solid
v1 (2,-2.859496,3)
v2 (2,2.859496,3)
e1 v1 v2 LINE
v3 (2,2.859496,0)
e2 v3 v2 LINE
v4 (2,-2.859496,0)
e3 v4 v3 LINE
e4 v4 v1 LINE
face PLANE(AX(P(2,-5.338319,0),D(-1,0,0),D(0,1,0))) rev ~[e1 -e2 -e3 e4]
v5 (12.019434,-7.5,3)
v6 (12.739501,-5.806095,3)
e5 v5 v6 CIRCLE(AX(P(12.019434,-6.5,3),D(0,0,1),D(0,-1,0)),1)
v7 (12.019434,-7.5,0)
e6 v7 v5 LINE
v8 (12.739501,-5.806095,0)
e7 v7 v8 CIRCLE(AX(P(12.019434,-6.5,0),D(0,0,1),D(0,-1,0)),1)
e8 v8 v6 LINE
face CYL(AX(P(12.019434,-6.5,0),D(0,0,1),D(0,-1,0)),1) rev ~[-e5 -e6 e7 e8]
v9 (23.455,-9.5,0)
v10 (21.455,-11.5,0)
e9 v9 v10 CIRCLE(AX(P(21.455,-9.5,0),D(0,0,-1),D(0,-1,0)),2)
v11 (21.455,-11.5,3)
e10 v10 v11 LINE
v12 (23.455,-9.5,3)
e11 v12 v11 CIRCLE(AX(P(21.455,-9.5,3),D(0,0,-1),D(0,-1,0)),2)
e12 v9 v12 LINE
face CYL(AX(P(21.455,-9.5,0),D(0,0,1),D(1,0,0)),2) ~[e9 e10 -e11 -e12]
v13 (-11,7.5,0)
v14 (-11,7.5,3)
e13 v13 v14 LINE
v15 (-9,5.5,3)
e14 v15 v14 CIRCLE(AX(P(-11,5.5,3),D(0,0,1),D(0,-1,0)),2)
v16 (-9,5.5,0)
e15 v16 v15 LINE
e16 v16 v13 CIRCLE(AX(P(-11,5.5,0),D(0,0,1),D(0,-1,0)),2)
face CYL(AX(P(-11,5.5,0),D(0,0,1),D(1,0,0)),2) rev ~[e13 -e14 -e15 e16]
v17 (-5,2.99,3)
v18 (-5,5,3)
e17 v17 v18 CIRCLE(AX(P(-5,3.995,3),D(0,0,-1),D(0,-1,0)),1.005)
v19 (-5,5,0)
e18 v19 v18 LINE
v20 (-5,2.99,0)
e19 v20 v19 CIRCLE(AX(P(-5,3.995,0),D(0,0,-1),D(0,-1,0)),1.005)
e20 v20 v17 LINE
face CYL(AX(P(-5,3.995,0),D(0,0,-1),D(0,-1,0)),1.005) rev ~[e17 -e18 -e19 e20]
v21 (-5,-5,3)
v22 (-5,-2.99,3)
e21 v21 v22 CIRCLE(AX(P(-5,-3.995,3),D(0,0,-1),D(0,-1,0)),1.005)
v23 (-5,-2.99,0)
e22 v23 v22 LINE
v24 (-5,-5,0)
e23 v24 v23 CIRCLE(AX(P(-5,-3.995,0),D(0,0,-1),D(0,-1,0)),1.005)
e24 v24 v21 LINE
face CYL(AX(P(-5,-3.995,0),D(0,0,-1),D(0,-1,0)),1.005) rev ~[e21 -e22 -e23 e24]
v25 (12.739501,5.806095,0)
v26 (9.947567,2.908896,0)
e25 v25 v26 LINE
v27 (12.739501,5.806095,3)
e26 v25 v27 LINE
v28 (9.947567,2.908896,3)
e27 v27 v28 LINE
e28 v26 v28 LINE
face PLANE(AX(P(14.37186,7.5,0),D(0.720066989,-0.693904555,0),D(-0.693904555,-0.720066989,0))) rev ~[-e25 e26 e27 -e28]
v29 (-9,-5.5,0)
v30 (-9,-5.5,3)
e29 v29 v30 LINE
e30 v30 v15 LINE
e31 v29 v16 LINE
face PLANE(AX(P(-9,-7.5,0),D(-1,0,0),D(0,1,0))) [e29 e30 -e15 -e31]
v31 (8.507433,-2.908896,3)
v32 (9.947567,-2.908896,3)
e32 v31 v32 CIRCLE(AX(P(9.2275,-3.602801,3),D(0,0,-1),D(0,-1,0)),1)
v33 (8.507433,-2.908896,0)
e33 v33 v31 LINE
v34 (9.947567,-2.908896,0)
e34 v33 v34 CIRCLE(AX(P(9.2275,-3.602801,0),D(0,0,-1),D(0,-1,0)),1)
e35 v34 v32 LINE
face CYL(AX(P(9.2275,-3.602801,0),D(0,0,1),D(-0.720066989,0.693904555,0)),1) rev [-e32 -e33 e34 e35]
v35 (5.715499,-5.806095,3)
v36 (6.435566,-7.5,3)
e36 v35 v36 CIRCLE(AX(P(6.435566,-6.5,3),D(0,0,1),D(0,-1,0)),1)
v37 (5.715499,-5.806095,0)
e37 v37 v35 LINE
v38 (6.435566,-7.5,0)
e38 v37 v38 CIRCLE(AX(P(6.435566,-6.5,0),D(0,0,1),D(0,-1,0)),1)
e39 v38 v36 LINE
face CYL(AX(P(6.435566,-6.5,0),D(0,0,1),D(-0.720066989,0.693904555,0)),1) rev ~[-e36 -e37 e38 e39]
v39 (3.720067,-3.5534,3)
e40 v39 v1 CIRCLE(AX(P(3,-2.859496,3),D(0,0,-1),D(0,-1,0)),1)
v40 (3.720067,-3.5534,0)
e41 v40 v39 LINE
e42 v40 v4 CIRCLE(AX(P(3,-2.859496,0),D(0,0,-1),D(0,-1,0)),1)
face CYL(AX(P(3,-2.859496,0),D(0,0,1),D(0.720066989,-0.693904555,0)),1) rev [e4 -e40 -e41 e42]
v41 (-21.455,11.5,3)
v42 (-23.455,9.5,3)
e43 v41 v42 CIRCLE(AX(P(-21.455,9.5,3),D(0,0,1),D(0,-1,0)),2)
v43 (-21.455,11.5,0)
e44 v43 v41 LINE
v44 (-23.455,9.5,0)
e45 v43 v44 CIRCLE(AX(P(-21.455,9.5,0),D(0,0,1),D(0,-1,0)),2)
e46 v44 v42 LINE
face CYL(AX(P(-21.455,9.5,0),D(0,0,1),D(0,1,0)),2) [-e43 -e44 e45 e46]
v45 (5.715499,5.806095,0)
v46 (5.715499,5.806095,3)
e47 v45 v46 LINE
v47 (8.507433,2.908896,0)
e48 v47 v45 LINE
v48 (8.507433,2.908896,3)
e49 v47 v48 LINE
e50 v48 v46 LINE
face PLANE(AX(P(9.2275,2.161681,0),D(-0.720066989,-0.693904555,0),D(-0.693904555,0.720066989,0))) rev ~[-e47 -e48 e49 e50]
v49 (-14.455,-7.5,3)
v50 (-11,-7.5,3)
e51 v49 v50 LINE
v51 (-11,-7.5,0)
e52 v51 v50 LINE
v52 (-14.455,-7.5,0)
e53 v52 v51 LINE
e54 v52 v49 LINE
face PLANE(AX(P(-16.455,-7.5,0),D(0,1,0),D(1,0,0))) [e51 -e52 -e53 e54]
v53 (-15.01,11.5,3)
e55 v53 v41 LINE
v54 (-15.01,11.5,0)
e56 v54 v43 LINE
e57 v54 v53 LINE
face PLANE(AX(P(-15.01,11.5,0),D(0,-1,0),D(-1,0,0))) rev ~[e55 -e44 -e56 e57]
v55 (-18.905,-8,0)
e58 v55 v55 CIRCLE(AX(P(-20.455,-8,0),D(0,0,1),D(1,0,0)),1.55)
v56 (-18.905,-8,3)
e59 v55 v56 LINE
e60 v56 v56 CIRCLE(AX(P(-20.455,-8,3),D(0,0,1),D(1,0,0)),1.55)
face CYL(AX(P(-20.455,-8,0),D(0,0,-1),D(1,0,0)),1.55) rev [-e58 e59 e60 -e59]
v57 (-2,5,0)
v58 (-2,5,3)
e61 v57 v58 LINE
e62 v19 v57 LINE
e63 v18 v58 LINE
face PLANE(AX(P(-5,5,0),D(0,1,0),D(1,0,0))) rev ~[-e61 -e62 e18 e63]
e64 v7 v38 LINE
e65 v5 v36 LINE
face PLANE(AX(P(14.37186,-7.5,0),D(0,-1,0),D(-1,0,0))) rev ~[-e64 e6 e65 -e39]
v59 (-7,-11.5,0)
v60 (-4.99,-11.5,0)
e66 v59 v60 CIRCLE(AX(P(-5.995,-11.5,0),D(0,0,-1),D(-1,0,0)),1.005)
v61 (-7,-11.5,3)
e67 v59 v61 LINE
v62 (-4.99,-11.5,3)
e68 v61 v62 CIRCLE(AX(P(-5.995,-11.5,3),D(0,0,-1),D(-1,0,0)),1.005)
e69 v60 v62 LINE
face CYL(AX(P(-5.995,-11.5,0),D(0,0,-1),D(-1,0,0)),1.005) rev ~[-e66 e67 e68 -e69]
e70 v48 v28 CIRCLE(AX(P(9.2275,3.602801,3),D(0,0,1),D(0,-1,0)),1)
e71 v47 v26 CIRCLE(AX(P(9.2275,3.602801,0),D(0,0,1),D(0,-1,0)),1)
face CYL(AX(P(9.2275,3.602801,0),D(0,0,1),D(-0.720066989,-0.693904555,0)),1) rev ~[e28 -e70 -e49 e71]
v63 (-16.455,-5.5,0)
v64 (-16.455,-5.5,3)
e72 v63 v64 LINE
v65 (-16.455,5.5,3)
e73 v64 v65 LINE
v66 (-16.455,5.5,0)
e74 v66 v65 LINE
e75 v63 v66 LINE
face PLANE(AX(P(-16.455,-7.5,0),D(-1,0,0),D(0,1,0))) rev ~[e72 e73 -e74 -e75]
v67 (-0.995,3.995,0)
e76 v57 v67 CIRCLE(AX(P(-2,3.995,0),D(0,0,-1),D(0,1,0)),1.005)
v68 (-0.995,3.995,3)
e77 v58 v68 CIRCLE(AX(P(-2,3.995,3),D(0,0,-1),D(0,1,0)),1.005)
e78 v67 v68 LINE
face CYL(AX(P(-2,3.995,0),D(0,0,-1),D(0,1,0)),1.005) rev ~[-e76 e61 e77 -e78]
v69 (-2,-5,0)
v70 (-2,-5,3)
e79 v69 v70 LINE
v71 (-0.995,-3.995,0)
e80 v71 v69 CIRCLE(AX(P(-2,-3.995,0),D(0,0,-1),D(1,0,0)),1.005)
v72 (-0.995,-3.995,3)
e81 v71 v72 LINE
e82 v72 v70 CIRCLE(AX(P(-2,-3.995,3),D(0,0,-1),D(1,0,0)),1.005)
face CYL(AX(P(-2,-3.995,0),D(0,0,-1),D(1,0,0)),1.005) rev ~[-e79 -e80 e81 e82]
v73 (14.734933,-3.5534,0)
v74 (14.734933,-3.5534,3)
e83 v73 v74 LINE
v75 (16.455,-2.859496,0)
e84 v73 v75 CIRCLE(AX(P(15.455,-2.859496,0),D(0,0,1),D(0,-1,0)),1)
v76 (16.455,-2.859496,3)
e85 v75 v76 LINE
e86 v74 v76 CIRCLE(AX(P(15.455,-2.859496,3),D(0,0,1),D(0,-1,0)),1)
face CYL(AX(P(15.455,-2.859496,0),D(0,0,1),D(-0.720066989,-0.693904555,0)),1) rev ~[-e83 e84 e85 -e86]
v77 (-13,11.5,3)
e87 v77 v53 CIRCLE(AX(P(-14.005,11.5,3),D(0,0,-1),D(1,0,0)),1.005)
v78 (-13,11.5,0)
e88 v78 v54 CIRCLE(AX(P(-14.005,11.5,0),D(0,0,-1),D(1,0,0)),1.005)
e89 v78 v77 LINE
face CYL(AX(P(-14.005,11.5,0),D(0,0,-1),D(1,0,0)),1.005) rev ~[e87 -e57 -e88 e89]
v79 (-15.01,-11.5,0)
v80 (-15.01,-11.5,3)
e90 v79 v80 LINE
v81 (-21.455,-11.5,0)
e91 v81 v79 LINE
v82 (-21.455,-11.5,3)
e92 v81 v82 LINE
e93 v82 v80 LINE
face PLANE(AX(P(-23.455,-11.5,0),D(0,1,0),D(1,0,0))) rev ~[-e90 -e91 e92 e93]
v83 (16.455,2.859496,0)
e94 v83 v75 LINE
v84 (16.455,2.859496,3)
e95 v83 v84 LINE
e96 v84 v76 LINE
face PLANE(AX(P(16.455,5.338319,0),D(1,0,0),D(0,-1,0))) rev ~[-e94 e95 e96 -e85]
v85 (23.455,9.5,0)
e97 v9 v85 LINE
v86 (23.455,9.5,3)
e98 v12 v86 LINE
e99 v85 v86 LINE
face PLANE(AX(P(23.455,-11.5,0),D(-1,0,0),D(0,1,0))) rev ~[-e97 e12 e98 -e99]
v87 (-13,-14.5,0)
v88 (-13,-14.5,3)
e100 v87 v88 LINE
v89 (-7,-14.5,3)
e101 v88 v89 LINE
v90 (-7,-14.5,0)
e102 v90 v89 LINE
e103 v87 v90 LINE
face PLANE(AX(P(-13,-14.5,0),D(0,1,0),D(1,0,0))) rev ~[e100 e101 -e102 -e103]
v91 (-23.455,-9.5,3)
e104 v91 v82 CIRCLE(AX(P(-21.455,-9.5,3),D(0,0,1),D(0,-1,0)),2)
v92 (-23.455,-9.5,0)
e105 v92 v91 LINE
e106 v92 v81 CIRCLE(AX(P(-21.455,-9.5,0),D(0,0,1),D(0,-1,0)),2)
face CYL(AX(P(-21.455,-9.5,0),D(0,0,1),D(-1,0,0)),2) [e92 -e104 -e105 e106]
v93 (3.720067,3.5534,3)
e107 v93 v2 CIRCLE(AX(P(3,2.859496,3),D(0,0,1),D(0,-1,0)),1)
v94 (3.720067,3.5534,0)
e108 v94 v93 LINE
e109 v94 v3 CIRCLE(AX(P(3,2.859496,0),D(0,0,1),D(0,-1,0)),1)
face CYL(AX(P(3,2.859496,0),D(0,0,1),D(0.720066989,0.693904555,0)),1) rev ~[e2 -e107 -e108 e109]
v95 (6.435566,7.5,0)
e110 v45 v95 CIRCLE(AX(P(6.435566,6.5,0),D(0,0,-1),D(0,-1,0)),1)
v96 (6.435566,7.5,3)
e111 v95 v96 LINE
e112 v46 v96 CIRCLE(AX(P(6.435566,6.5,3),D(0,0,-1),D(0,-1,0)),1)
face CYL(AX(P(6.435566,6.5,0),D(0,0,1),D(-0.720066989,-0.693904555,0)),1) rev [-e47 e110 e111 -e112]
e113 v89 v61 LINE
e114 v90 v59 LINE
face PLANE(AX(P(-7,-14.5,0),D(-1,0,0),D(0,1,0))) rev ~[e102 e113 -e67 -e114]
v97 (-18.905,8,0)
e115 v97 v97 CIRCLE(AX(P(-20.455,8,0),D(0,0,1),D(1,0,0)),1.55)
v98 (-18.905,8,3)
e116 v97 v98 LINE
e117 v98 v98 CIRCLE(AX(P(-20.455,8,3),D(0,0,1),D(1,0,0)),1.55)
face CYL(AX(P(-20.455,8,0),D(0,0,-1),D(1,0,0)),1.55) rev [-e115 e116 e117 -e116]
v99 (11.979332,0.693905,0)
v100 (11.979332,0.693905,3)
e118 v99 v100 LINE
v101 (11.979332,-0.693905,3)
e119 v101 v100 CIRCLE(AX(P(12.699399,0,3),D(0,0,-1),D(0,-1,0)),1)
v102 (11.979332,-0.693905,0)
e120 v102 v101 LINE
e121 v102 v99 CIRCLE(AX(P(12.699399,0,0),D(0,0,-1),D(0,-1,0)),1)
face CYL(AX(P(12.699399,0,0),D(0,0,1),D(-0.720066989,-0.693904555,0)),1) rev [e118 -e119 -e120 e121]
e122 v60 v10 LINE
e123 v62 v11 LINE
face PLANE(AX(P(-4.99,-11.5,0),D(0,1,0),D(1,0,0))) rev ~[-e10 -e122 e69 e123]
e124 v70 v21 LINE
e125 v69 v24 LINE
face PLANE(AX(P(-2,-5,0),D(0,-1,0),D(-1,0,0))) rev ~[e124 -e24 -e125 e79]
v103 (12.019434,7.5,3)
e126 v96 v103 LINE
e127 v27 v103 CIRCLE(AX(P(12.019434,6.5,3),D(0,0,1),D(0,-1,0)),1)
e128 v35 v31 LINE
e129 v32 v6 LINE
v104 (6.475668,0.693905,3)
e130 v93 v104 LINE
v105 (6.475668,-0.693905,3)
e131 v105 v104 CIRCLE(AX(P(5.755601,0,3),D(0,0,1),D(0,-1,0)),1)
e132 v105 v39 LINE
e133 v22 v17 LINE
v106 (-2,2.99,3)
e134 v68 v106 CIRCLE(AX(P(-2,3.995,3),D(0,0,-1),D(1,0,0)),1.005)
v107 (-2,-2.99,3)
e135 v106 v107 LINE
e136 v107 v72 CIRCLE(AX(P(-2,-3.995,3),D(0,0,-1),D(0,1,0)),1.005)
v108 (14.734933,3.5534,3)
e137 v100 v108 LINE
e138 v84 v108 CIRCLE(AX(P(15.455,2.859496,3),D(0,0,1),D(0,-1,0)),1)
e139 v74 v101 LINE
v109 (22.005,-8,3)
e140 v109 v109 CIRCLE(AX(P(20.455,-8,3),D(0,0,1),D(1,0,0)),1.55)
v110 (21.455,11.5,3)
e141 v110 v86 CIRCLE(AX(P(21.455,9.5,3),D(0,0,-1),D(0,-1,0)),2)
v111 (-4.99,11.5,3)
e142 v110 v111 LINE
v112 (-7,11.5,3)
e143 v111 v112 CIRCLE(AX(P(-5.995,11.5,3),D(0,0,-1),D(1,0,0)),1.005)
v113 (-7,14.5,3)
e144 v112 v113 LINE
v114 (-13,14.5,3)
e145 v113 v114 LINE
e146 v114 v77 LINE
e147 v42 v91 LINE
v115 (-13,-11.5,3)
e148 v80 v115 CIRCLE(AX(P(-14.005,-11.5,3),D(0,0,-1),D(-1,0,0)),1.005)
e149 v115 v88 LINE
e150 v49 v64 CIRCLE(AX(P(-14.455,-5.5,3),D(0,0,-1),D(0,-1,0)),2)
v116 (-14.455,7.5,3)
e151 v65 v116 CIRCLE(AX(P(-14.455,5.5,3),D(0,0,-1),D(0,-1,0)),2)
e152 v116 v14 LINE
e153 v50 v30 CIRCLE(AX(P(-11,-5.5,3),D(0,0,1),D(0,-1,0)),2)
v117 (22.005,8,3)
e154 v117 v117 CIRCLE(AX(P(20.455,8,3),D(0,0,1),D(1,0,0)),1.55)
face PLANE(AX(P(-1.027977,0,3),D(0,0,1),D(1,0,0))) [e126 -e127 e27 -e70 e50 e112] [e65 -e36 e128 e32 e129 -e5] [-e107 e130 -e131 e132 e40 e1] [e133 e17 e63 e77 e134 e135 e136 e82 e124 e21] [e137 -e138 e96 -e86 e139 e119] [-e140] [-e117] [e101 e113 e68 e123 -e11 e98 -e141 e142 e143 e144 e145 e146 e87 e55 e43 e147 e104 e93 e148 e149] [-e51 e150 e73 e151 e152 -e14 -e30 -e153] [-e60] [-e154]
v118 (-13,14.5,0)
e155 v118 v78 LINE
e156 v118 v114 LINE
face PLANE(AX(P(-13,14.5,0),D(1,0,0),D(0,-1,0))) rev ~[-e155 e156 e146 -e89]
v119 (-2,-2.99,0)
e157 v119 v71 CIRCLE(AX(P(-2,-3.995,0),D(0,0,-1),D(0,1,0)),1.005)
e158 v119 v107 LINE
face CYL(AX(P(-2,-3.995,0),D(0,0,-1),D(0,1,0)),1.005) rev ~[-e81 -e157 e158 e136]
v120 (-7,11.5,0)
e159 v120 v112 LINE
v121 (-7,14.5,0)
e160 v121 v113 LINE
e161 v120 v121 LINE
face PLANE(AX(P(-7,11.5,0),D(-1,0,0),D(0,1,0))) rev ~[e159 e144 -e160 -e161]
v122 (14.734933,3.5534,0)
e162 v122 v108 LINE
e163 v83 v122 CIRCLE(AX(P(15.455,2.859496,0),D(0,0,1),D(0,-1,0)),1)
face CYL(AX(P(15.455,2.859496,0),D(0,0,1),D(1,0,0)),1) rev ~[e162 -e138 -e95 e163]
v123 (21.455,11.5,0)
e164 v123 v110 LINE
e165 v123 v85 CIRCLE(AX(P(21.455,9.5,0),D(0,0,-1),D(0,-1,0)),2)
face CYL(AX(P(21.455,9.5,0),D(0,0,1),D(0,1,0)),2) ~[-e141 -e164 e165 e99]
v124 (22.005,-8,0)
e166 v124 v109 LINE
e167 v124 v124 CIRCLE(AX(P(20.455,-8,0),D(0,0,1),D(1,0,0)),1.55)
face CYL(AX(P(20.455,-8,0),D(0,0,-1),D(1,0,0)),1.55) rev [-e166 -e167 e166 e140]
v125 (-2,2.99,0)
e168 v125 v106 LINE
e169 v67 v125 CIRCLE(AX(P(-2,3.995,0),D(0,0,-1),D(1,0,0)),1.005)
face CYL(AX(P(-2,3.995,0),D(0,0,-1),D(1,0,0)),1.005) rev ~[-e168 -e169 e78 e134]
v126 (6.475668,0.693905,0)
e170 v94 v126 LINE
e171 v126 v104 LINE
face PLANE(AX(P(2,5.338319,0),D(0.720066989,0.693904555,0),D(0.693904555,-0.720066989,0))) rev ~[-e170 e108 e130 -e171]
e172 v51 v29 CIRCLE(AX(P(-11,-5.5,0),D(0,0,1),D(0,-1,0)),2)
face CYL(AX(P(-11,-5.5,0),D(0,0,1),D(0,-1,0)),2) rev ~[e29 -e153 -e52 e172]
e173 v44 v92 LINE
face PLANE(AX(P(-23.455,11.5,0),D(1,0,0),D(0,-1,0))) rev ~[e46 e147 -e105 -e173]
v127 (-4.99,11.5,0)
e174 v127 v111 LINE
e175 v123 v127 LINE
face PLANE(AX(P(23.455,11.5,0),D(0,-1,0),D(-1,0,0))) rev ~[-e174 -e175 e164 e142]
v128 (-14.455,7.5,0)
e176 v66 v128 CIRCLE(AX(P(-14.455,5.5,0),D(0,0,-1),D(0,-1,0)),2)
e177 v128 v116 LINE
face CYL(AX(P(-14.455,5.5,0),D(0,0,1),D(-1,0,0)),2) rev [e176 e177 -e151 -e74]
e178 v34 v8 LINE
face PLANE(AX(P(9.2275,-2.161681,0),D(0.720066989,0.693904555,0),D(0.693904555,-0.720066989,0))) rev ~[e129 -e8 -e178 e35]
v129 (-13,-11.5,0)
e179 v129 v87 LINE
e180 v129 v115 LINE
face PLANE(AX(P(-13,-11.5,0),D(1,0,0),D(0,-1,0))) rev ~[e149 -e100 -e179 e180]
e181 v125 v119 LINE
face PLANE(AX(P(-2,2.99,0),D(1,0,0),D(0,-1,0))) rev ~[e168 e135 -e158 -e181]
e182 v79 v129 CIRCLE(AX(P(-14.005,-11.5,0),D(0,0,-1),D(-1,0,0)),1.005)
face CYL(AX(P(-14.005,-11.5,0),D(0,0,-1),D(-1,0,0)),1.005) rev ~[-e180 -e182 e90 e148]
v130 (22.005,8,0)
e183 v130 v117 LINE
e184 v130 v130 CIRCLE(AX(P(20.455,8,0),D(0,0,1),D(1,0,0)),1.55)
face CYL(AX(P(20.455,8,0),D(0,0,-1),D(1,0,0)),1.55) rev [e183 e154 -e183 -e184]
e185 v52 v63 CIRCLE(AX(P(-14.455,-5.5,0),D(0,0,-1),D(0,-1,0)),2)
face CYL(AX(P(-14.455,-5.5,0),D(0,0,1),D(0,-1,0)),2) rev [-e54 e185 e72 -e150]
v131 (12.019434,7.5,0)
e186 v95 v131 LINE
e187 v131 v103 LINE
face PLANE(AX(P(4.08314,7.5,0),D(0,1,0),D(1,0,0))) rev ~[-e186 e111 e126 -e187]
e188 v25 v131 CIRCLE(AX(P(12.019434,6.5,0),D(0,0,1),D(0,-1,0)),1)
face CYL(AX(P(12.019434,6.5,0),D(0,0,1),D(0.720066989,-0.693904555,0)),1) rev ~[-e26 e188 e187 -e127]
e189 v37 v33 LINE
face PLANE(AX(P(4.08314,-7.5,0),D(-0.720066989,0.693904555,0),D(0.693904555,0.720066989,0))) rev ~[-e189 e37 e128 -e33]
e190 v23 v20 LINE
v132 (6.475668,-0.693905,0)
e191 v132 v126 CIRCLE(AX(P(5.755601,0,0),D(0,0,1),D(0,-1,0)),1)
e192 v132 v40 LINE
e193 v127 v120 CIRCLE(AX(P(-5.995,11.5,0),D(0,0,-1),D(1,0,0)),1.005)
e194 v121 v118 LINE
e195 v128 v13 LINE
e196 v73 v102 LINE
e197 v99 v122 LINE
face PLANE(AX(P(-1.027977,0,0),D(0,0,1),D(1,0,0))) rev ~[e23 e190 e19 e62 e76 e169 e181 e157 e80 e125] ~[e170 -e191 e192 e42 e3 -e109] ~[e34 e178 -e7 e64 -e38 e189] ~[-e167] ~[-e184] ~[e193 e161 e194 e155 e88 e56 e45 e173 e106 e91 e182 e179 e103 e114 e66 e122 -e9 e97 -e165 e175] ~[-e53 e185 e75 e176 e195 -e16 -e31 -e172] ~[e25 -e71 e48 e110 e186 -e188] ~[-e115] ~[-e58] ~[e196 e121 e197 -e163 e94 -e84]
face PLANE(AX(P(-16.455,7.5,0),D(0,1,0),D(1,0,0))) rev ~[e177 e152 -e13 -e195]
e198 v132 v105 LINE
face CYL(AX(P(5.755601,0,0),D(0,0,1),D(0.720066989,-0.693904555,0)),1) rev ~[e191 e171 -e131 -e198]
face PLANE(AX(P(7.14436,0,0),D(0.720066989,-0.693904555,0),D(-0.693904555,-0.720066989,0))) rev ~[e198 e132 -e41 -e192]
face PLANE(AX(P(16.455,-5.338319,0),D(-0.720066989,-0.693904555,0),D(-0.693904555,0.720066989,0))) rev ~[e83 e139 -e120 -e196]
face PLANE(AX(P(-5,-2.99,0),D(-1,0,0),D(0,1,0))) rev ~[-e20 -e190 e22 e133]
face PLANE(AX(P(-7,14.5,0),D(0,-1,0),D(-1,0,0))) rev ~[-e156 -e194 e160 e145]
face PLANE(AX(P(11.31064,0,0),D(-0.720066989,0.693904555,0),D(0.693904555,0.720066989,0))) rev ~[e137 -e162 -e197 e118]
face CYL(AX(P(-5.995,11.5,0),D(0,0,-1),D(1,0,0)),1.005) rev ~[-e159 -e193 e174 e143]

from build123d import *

# Parameters (mm, degrees)
SKETCH_1_R      = 1.55
SKETCH_1_W      = 7.455
SKETCH_1_H      = 15
EXTRUDE_1_DEPTH = 3
FILLET_1_R      = 2
FILLET_2_R      = 1


with BuildPart() as part:
    # 草图1 → 凸台-拉伸1 (new body)
    with BuildSketch(Plane.XY):
        with BuildLine():
            Line((-13, 14.5), (-13, 11.5))
            ThreePointArc((-13, 11.5), (-14.005, 10.495), (-15.01, 11.5))
            Line((-15.01, 11.5), (-23.455, 11.5))
            Line((-23.455, 11.5), (-23.455, -11.5))
            Line((-23.455, -11.5), (-15.01, -11.5))
            ThreePointArc((-15.01, -11.5), (-14.005, -10.495), (-13, -11.5))
            Line((-13, -11.5), (-13, -14.5))
            Line((-13, -14.5), (-7, -14.5))
            Line((-7, -14.5), (-7, -11.5))
            ThreePointArc((-7, -11.5), (-5.995, -10.495), (-4.99, -11.5))
            Line((-4.99, -11.5), (23.455, -11.5))
            Line((23.455, -11.5), (23.455, 11.5))
            Line((23.455, 11.5), (-4.99, 11.5))
            ThreePointArc((-4.99, 11.5), (-5.995, 10.495), (-7, 11.5))
            Line((-7, 11.5), (-7, 14.5))
            Line((-7, 14.5), (-13, 14.5))
        make_face()
        with Locations((-20.455, -8)):
            Circle(SKETCH_1_R, mode=Mode.SUBTRACT)
        with Locations((20.455, -8)):
            Circle(SKETCH_1_R, mode=Mode.SUBTRACT)
        Polygon((9.2275, -2.161680579), (14.371860482, -7.5), (4.083139518, -7.5), align=None, mode=Mode.SUBTRACT)
        with Locations((-12.7275, 0)):
            Rectangle(SKETCH_1_W, SKETCH_1_H, mode=Mode.SUBTRACT)
        with BuildLine():
            ThreePointArc((-0.995, -3.995), (-1.289357685, -4.705642315), (-2, -5))
            Line((-2, -5), (-5, -5))
            ThreePointArc((-5, -5), (-6.005, -3.995), (-5, -2.99))
            Line((-5, -2.99), (-5, 2.99))
            ThreePointArc((-5, 2.99), (-6.005, 3.995), (-5, 5))
            Line((-5, 5), (-2, 5))
            ThreePointArc((-2, 5), (-1.289357685, 4.705642315), (-0.995, 3.995))
            ThreePointArc((-0.995, 3.995), (-1.289357685, 3.284357685), (-2, 2.99))
            Line((-2, 2.99), (-2, -2.99))
            ThreePointArc((-2, -2.99), (-1.289357685, -3.284357685), (-0.995, -3.995))
        make_face(mode=Mode.SUBTRACT)
        with Locations((-20.455, 8)):
            Circle(SKETCH_1_R, mode=Mode.SUBTRACT)
        Polygon((2, -5.338319421), (2, 5.338319421), (7.144360482, 0), align=None, mode=Mode.SUBTRACT)
        Polygon((4.083139518, 7.5), (14.371860482, 7.5), (9.2275, 2.161680579), align=None, mode=Mode.SUBTRACT)
        Polygon((11.310639518, 0), (16.455, 5.338319421), (16.455, -5.338319421), align=None, mode=Mode.SUBTRACT)
        with Locations((20.455, 8)):
            Circle(SKETCH_1_R, mode=Mode.SUBTRACT)
    extrude(amount=EXTRUDE_1_DEPTH)

    # 圆角1
    fillet_1_edges = [part.edges().sort_by_distance(p)[0] for p in [
        (-23.455, -11.5, 1.5),
        (-23.455, 11.5, 1.5),
        (23.455, 11.5, 1.5),
        (23.455, -11.5, 1.5),
        (-16.455, -7.5, 1.5),
        (-9, -7.5, 1.5),
        (-9, 7.5, 1.5),
        (-16.455, 7.5, 1.5),
    ]]
    fillet(fillet_1_edges, radius=FILLET_1_R)

    # 圆角2
    fillet_2_edges = [part.edges().sort_by_distance(p)[0] for p in [
        (16.455, -5.338319421, 1.5),
        (16.455, 5.338319421, 1.5),
        (11.310639518, 0, 1.5),
        (14.371860482, -7.5, 1.5),
        (9.2275, -2.161680579, 1.5),
        (4.083139518, -7.5, 1.5),
        (2, 5.338319421, 1.5),
        (2, -5.338319421, 1.5),
        (7.144360482, 0, 1.5),
        (14.371860482, 7.5, 1.5),
        (4.083139518, 7.5, 1.5),
        (9.2275, 2.161680579, 1.5),
    ]]
    fillet(fillet_2_edges, radius=FILLET_2_R)


solid = part.part
